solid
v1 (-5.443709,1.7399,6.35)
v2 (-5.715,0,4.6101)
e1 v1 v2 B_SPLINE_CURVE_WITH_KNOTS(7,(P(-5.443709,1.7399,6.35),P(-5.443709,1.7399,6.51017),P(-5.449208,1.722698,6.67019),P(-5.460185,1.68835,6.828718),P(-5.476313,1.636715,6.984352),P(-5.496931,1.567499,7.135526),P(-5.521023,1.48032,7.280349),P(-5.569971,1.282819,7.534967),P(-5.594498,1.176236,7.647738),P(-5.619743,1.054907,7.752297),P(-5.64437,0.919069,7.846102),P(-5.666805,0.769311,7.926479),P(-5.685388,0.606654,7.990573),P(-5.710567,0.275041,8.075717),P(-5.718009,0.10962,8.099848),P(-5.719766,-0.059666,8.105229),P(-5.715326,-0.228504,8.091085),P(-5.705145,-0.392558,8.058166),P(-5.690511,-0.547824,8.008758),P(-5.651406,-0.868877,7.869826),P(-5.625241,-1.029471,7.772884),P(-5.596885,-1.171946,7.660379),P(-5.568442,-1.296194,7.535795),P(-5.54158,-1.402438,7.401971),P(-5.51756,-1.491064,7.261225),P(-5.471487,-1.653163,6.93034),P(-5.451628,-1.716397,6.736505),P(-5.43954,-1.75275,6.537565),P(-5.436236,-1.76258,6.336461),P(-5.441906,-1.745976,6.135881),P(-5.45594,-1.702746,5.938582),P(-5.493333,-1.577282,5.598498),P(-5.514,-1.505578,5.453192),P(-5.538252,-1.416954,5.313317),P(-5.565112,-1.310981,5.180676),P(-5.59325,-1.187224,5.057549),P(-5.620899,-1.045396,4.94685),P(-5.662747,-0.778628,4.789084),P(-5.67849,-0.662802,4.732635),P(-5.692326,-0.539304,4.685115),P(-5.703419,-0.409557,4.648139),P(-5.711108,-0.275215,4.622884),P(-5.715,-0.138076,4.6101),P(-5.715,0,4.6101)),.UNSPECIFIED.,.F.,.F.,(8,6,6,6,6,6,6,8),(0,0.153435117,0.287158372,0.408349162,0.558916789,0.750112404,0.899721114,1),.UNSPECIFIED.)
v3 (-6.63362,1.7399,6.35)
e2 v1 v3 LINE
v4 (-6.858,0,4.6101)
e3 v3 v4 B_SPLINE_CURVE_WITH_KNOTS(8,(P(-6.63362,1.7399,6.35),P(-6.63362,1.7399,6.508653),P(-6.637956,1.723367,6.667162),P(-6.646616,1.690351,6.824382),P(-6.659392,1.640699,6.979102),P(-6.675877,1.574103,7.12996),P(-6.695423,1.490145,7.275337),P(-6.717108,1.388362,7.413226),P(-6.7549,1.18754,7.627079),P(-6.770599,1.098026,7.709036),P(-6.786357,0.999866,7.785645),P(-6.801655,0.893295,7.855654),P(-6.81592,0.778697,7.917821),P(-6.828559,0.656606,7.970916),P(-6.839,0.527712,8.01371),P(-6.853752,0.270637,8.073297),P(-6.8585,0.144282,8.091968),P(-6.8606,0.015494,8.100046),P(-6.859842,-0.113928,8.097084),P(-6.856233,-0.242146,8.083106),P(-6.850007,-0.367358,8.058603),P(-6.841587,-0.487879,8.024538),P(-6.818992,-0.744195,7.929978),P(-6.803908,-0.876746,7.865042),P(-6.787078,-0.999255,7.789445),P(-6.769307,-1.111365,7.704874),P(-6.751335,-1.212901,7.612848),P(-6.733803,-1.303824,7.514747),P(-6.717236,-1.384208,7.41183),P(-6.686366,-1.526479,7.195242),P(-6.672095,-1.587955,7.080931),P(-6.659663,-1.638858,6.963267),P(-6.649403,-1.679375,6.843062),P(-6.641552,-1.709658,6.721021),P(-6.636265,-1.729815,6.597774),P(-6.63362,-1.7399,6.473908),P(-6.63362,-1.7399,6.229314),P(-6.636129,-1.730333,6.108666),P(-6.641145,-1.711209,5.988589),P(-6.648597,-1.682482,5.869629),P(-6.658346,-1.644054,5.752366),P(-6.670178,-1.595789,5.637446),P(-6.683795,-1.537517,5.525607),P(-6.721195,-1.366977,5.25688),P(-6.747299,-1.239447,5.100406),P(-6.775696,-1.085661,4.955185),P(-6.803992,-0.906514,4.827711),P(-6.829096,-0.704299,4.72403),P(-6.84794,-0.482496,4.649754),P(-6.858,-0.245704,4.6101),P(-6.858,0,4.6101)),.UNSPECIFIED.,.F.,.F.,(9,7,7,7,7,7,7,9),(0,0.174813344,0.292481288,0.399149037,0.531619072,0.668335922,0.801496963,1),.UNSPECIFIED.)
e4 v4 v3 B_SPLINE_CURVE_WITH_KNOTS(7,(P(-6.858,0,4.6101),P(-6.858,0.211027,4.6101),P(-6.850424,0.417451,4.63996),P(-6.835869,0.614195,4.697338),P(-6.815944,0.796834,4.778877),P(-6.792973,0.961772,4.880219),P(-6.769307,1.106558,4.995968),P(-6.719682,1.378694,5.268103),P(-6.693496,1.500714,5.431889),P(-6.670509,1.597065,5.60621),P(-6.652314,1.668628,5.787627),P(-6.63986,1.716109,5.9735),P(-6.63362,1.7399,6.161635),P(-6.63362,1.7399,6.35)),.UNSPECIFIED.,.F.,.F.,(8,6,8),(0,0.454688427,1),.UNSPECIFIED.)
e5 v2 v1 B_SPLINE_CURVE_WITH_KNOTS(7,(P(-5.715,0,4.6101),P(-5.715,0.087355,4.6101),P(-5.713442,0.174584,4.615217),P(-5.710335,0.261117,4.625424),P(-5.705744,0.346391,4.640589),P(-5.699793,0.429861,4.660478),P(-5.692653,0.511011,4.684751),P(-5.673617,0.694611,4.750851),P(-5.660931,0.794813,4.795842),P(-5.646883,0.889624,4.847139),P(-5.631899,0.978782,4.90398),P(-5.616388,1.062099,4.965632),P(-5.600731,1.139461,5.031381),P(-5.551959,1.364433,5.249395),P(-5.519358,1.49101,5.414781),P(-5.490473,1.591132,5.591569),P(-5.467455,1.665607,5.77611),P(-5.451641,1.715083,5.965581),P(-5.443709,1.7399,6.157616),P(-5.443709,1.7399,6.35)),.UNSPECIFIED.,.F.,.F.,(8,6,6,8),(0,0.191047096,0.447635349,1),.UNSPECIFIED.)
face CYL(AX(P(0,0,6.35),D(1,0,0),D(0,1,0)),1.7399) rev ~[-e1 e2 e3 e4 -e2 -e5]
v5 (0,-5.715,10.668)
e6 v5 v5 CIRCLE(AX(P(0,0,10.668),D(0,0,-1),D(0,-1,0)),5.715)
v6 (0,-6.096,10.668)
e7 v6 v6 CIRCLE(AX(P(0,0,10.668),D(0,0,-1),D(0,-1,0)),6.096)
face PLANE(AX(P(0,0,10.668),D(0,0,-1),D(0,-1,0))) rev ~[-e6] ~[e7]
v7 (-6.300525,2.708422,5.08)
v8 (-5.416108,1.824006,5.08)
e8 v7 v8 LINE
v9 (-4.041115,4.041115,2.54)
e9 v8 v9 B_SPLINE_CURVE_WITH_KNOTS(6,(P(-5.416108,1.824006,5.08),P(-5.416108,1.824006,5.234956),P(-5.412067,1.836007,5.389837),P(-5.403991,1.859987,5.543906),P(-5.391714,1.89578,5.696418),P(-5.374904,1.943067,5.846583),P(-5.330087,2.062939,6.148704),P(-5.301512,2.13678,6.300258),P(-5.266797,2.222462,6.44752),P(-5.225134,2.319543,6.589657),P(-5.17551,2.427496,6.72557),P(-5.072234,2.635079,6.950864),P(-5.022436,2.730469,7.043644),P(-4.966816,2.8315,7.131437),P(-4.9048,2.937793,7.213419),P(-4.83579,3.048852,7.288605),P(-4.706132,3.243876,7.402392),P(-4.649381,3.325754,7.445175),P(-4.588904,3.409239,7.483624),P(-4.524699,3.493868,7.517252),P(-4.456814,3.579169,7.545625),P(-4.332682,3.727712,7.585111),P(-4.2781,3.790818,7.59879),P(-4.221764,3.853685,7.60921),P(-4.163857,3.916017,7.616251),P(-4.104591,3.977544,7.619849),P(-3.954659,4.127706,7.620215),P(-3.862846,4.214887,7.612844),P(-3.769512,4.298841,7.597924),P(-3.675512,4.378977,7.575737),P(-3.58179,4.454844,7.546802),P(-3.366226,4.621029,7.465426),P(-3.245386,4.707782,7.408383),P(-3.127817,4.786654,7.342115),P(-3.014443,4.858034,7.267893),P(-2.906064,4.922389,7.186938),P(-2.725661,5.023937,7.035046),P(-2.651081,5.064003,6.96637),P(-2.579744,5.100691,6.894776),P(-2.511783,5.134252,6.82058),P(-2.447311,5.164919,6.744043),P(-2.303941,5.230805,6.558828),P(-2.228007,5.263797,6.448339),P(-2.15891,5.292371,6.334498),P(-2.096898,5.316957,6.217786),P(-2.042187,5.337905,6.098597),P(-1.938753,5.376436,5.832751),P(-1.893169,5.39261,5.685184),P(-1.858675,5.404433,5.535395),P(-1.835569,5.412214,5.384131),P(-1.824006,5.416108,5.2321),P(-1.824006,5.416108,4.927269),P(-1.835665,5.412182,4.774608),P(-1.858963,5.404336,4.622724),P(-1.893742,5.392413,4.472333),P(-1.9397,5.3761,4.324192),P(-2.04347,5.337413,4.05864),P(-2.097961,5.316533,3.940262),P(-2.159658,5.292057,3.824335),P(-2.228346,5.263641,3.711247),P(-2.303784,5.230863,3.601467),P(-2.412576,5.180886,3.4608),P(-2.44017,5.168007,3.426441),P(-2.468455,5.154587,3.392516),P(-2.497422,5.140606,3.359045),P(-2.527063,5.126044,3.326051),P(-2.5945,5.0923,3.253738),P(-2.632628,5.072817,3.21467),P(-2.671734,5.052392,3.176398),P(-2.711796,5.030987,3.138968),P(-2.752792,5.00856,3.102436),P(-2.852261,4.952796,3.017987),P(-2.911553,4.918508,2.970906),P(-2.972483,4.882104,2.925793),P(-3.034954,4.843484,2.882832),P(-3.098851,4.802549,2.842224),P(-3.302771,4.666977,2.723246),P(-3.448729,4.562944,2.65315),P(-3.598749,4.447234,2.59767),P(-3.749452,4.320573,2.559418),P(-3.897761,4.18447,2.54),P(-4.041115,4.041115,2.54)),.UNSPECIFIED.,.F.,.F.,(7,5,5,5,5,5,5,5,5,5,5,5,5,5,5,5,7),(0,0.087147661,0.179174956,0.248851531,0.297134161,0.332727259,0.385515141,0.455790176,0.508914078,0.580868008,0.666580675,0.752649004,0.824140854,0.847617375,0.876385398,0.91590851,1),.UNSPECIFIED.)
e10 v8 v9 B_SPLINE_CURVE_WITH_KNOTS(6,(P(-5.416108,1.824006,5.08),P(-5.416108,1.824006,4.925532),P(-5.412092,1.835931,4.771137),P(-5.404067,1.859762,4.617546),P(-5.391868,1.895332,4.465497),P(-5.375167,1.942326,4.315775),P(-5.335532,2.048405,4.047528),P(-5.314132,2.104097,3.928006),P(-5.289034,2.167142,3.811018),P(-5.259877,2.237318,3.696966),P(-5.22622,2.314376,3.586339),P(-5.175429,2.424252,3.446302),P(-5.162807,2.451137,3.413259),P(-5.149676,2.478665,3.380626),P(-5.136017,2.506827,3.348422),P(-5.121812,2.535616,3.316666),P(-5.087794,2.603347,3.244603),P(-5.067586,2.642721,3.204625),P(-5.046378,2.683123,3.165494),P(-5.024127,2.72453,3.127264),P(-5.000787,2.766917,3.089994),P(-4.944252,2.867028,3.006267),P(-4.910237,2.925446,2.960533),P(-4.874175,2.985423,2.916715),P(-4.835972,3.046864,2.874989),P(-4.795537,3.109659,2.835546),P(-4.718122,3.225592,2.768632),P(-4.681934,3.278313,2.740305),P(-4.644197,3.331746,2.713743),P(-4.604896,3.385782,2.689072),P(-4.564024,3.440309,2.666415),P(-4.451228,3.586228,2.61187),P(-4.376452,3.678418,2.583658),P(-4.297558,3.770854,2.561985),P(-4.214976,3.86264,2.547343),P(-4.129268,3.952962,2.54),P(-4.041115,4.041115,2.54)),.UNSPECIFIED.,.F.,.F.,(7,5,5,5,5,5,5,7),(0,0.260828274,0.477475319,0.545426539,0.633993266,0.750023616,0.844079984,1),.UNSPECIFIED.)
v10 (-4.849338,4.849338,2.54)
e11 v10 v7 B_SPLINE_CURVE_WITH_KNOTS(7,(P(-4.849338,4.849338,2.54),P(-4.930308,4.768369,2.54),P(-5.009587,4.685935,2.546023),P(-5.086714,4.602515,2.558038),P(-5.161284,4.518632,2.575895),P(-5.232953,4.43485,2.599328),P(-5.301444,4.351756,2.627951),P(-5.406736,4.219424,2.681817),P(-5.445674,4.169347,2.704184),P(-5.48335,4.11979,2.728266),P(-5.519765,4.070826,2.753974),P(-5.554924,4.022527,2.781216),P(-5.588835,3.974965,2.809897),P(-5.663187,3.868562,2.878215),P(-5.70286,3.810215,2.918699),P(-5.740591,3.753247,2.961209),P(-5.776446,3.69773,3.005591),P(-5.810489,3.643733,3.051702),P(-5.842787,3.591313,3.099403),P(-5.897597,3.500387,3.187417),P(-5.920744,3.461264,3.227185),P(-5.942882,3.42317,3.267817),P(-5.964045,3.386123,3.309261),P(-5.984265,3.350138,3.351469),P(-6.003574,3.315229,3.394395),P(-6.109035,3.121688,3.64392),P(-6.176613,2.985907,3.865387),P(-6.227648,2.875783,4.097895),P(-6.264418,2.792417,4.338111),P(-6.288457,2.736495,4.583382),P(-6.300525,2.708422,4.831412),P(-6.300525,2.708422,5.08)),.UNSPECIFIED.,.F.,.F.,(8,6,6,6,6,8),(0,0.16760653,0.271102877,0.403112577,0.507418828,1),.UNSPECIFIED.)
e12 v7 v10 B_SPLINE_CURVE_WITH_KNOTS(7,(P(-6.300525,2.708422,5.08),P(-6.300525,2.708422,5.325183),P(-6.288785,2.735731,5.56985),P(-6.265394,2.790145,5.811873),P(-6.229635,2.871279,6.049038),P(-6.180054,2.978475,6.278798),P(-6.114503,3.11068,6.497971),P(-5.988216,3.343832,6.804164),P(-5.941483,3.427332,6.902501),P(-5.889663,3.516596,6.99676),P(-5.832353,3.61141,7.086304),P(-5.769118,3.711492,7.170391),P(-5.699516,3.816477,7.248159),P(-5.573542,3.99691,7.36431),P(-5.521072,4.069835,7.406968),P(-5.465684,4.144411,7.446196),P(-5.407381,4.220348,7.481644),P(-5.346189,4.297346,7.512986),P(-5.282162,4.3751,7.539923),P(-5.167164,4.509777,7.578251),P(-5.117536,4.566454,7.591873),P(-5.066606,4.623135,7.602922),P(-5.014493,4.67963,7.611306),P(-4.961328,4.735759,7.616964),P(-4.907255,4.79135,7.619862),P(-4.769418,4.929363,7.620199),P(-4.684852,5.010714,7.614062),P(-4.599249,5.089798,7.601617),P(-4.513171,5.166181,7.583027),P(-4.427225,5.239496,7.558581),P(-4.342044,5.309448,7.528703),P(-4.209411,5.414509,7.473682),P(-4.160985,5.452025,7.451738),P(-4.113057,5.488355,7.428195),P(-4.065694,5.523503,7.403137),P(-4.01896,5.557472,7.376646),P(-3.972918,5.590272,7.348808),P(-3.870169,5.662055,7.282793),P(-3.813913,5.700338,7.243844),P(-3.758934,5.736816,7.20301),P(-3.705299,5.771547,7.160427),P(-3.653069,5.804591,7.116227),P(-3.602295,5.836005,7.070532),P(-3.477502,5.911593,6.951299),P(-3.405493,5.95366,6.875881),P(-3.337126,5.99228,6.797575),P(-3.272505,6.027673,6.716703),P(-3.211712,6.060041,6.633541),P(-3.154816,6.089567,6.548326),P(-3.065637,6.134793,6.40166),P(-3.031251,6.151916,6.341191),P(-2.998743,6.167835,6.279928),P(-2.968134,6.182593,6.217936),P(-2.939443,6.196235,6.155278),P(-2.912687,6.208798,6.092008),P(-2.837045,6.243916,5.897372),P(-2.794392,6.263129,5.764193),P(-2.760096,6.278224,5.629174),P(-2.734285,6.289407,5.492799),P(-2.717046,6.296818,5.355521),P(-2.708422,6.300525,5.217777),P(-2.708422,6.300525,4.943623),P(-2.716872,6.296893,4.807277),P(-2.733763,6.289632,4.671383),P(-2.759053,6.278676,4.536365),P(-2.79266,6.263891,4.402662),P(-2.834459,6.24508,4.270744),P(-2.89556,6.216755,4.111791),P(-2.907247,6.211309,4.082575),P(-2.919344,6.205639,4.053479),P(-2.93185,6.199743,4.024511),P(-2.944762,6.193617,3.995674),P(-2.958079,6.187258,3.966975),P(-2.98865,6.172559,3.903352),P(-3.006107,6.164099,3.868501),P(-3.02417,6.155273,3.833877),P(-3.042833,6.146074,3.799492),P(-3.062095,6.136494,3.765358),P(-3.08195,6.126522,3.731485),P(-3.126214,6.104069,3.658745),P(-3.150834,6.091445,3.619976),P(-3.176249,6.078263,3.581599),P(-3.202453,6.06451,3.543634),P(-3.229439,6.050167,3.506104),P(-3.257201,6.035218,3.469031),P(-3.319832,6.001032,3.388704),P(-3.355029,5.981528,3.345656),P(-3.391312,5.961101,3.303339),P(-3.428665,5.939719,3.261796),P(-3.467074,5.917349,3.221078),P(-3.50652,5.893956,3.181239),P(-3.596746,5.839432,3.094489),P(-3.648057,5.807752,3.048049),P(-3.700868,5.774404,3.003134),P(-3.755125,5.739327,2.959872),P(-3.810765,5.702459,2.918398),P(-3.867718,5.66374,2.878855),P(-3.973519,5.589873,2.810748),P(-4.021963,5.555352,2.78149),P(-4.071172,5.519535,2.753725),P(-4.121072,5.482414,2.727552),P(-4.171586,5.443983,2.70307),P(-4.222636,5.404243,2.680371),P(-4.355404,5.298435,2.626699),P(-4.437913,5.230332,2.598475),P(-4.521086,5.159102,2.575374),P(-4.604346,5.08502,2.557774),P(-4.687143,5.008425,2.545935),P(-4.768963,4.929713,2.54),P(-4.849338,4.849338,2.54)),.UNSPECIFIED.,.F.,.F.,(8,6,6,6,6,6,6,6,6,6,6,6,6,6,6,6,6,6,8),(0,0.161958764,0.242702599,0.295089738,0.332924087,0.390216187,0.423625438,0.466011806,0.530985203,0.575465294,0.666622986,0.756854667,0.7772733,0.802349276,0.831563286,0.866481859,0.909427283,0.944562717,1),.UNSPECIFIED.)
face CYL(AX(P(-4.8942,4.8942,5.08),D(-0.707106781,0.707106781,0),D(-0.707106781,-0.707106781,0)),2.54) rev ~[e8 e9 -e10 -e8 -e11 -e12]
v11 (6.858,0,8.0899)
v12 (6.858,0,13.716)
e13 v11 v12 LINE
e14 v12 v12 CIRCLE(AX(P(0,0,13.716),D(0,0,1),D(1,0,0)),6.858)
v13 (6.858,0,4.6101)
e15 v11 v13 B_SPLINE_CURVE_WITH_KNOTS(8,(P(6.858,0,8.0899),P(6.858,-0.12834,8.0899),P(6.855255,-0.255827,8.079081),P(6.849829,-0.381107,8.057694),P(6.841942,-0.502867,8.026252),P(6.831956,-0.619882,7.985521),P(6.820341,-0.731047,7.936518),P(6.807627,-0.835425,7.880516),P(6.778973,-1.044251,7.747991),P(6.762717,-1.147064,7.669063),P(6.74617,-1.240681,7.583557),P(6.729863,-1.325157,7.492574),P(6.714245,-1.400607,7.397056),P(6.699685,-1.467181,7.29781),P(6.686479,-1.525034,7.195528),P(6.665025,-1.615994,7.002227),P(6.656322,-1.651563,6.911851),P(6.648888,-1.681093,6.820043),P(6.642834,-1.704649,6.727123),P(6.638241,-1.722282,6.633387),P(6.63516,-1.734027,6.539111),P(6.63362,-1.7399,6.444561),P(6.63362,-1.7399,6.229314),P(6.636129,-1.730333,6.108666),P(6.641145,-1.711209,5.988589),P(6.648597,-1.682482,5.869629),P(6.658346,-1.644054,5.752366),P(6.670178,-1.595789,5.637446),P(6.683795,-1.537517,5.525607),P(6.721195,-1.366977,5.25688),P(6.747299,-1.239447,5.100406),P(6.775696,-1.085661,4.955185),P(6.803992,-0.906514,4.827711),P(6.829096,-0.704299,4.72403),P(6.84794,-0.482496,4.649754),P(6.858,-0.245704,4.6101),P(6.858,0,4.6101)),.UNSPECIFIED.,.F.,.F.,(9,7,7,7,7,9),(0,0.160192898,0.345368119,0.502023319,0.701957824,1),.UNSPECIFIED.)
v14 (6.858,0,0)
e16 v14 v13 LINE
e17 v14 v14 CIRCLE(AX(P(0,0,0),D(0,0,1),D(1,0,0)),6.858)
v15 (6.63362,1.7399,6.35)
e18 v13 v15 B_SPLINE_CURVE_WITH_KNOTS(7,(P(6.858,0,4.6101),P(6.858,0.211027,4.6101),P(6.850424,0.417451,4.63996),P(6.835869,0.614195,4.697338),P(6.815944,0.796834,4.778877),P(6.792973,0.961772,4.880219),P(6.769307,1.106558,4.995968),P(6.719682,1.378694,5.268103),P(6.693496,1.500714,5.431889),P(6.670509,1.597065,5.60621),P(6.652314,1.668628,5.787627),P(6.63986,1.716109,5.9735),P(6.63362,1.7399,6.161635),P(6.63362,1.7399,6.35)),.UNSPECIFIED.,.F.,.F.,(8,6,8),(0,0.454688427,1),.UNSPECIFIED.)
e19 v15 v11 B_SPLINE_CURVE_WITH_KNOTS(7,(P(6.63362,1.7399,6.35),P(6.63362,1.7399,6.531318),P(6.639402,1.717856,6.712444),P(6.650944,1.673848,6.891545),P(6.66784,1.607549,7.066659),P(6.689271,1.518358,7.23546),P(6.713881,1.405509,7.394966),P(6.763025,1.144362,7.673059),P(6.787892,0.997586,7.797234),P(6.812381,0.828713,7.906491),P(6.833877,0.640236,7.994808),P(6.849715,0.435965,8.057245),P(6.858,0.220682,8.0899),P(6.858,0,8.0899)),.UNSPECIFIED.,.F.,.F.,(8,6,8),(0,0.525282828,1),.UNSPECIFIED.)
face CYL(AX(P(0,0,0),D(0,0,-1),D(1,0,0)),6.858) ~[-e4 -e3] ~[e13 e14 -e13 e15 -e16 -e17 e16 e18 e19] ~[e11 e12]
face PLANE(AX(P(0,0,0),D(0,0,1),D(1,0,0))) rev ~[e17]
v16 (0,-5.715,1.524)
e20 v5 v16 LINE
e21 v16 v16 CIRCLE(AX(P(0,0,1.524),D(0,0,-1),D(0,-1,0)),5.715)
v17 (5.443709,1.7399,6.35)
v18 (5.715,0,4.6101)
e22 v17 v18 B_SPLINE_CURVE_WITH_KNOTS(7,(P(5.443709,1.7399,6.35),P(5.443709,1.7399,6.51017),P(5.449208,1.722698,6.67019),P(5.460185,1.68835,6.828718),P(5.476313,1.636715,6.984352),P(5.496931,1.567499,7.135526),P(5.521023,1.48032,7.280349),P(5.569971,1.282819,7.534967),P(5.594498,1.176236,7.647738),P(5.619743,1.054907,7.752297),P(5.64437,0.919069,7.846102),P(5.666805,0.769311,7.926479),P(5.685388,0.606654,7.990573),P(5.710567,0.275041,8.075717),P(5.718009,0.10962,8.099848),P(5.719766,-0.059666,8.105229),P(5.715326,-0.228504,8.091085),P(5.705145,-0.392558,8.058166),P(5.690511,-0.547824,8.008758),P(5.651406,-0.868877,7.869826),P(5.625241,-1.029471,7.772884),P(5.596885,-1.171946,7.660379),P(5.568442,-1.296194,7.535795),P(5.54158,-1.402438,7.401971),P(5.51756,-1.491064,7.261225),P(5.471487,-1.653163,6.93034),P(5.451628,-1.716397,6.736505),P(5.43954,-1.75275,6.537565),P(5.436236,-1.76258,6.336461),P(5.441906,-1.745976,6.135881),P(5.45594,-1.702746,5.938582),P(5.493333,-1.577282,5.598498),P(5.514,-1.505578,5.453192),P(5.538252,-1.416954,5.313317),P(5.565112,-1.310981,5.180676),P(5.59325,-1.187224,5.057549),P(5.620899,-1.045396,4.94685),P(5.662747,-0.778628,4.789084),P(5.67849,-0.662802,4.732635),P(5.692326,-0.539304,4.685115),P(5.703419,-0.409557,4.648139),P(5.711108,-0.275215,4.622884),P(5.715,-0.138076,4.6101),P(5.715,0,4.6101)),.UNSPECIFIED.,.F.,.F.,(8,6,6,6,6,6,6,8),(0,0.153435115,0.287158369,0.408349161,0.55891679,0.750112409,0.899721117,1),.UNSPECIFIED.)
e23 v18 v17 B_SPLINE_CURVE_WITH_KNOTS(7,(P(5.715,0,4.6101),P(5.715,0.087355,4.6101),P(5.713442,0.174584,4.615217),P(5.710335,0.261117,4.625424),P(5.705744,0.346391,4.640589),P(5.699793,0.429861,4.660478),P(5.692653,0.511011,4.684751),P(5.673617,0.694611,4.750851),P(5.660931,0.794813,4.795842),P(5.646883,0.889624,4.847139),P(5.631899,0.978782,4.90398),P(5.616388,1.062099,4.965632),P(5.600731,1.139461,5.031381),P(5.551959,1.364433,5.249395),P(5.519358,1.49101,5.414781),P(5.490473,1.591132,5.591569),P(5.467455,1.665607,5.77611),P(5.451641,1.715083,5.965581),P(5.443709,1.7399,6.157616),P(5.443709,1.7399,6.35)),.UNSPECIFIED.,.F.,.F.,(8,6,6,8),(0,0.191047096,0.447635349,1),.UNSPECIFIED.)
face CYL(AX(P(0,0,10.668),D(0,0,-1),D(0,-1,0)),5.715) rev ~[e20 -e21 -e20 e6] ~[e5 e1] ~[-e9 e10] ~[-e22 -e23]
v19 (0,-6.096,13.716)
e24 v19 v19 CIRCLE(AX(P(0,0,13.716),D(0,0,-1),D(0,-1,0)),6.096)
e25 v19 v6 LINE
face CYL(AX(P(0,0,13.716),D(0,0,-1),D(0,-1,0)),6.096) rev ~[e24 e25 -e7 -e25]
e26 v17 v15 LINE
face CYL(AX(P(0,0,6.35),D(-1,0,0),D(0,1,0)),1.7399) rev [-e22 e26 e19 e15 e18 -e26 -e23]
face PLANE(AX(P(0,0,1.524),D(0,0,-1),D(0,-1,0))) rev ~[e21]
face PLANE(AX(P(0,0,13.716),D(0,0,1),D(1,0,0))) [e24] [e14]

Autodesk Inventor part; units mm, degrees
ref_plane "YZ Plane" through (0, 0, 0) normal (1, 0, 0) x (0, 1, 0)
ref_plane "XZ Plane" through (0, 0, 0) normal (0, 1, 0) x (-1, 0, 0)
ref_plane "XY Plane" through (0, 0, 0) normal (0, 0, 1) x (1, 0, 0)
sketch "Sketch1" plane through (0, 0, 0) normal (0, 0, 1) x (1, 0, 0)
  circle A0 centre (0, 0) radius 6.858
  dimension "d0" = 13.716
extrude "Extrusion1" add sketch "Sketch1" along normal blind 13.716
hole "Hole1" at (0, 0, 13.716) direction (0, 0, -1) diameter 12.192 depth 3.048
hole "Hole2" at (0, 0, 10.668) direction (0, 0, -1) diameter 11.43 depth 9.144
sketch "Sketch2" plane through (0, 0, 0) normal (1, 0, 0) x (0, 1, 0)
  line L0 (0, 0) -> (0, 6.35)
  circle A0 centre (0, 6.35) radius 1.7399
  dimension "d21" = 6.35
  dimension "d22" = 3.4798
extrude "Extrusion2" cut sketch "Sketch2" along normal through all both and the other way through all
sketch "Sketch3" plane through (0, 0, 0) normal (0, 0, -1) x (-1, 0, 0)
  line L0 (0, 0) -> (4.8942, 4.8942)
  line L1 (0, 0) -> (0, 6.9215) construction
sketch "Sketch4" plane through (0, 0, 0) normal (0, 1, 0) x (-1, 0, 0)
  point P0 (0, 0)
ref_plane "Work Plane1" through (-4.8942, 4.8942, 0) normal (-0.7071, 0.7071, 0) x (-0.7071, -0.7071, 0)
sketch "Sketch5" plane through (-4.8942, 4.8942, 0) normal (-0.7071, 0.7071, 0) x (-0.7071, -0.7071, 0)
  line L0 (0, 0) -> (0, 5.08)
  circle A0 centre (0, 5.08) radius 2.54
  dimension "d25" = 5.08
  dimension "d26" = 5.08
extrude "Extrusion3" cut sketch "Sketch5" against normal up to next
properties part number "Piston"
